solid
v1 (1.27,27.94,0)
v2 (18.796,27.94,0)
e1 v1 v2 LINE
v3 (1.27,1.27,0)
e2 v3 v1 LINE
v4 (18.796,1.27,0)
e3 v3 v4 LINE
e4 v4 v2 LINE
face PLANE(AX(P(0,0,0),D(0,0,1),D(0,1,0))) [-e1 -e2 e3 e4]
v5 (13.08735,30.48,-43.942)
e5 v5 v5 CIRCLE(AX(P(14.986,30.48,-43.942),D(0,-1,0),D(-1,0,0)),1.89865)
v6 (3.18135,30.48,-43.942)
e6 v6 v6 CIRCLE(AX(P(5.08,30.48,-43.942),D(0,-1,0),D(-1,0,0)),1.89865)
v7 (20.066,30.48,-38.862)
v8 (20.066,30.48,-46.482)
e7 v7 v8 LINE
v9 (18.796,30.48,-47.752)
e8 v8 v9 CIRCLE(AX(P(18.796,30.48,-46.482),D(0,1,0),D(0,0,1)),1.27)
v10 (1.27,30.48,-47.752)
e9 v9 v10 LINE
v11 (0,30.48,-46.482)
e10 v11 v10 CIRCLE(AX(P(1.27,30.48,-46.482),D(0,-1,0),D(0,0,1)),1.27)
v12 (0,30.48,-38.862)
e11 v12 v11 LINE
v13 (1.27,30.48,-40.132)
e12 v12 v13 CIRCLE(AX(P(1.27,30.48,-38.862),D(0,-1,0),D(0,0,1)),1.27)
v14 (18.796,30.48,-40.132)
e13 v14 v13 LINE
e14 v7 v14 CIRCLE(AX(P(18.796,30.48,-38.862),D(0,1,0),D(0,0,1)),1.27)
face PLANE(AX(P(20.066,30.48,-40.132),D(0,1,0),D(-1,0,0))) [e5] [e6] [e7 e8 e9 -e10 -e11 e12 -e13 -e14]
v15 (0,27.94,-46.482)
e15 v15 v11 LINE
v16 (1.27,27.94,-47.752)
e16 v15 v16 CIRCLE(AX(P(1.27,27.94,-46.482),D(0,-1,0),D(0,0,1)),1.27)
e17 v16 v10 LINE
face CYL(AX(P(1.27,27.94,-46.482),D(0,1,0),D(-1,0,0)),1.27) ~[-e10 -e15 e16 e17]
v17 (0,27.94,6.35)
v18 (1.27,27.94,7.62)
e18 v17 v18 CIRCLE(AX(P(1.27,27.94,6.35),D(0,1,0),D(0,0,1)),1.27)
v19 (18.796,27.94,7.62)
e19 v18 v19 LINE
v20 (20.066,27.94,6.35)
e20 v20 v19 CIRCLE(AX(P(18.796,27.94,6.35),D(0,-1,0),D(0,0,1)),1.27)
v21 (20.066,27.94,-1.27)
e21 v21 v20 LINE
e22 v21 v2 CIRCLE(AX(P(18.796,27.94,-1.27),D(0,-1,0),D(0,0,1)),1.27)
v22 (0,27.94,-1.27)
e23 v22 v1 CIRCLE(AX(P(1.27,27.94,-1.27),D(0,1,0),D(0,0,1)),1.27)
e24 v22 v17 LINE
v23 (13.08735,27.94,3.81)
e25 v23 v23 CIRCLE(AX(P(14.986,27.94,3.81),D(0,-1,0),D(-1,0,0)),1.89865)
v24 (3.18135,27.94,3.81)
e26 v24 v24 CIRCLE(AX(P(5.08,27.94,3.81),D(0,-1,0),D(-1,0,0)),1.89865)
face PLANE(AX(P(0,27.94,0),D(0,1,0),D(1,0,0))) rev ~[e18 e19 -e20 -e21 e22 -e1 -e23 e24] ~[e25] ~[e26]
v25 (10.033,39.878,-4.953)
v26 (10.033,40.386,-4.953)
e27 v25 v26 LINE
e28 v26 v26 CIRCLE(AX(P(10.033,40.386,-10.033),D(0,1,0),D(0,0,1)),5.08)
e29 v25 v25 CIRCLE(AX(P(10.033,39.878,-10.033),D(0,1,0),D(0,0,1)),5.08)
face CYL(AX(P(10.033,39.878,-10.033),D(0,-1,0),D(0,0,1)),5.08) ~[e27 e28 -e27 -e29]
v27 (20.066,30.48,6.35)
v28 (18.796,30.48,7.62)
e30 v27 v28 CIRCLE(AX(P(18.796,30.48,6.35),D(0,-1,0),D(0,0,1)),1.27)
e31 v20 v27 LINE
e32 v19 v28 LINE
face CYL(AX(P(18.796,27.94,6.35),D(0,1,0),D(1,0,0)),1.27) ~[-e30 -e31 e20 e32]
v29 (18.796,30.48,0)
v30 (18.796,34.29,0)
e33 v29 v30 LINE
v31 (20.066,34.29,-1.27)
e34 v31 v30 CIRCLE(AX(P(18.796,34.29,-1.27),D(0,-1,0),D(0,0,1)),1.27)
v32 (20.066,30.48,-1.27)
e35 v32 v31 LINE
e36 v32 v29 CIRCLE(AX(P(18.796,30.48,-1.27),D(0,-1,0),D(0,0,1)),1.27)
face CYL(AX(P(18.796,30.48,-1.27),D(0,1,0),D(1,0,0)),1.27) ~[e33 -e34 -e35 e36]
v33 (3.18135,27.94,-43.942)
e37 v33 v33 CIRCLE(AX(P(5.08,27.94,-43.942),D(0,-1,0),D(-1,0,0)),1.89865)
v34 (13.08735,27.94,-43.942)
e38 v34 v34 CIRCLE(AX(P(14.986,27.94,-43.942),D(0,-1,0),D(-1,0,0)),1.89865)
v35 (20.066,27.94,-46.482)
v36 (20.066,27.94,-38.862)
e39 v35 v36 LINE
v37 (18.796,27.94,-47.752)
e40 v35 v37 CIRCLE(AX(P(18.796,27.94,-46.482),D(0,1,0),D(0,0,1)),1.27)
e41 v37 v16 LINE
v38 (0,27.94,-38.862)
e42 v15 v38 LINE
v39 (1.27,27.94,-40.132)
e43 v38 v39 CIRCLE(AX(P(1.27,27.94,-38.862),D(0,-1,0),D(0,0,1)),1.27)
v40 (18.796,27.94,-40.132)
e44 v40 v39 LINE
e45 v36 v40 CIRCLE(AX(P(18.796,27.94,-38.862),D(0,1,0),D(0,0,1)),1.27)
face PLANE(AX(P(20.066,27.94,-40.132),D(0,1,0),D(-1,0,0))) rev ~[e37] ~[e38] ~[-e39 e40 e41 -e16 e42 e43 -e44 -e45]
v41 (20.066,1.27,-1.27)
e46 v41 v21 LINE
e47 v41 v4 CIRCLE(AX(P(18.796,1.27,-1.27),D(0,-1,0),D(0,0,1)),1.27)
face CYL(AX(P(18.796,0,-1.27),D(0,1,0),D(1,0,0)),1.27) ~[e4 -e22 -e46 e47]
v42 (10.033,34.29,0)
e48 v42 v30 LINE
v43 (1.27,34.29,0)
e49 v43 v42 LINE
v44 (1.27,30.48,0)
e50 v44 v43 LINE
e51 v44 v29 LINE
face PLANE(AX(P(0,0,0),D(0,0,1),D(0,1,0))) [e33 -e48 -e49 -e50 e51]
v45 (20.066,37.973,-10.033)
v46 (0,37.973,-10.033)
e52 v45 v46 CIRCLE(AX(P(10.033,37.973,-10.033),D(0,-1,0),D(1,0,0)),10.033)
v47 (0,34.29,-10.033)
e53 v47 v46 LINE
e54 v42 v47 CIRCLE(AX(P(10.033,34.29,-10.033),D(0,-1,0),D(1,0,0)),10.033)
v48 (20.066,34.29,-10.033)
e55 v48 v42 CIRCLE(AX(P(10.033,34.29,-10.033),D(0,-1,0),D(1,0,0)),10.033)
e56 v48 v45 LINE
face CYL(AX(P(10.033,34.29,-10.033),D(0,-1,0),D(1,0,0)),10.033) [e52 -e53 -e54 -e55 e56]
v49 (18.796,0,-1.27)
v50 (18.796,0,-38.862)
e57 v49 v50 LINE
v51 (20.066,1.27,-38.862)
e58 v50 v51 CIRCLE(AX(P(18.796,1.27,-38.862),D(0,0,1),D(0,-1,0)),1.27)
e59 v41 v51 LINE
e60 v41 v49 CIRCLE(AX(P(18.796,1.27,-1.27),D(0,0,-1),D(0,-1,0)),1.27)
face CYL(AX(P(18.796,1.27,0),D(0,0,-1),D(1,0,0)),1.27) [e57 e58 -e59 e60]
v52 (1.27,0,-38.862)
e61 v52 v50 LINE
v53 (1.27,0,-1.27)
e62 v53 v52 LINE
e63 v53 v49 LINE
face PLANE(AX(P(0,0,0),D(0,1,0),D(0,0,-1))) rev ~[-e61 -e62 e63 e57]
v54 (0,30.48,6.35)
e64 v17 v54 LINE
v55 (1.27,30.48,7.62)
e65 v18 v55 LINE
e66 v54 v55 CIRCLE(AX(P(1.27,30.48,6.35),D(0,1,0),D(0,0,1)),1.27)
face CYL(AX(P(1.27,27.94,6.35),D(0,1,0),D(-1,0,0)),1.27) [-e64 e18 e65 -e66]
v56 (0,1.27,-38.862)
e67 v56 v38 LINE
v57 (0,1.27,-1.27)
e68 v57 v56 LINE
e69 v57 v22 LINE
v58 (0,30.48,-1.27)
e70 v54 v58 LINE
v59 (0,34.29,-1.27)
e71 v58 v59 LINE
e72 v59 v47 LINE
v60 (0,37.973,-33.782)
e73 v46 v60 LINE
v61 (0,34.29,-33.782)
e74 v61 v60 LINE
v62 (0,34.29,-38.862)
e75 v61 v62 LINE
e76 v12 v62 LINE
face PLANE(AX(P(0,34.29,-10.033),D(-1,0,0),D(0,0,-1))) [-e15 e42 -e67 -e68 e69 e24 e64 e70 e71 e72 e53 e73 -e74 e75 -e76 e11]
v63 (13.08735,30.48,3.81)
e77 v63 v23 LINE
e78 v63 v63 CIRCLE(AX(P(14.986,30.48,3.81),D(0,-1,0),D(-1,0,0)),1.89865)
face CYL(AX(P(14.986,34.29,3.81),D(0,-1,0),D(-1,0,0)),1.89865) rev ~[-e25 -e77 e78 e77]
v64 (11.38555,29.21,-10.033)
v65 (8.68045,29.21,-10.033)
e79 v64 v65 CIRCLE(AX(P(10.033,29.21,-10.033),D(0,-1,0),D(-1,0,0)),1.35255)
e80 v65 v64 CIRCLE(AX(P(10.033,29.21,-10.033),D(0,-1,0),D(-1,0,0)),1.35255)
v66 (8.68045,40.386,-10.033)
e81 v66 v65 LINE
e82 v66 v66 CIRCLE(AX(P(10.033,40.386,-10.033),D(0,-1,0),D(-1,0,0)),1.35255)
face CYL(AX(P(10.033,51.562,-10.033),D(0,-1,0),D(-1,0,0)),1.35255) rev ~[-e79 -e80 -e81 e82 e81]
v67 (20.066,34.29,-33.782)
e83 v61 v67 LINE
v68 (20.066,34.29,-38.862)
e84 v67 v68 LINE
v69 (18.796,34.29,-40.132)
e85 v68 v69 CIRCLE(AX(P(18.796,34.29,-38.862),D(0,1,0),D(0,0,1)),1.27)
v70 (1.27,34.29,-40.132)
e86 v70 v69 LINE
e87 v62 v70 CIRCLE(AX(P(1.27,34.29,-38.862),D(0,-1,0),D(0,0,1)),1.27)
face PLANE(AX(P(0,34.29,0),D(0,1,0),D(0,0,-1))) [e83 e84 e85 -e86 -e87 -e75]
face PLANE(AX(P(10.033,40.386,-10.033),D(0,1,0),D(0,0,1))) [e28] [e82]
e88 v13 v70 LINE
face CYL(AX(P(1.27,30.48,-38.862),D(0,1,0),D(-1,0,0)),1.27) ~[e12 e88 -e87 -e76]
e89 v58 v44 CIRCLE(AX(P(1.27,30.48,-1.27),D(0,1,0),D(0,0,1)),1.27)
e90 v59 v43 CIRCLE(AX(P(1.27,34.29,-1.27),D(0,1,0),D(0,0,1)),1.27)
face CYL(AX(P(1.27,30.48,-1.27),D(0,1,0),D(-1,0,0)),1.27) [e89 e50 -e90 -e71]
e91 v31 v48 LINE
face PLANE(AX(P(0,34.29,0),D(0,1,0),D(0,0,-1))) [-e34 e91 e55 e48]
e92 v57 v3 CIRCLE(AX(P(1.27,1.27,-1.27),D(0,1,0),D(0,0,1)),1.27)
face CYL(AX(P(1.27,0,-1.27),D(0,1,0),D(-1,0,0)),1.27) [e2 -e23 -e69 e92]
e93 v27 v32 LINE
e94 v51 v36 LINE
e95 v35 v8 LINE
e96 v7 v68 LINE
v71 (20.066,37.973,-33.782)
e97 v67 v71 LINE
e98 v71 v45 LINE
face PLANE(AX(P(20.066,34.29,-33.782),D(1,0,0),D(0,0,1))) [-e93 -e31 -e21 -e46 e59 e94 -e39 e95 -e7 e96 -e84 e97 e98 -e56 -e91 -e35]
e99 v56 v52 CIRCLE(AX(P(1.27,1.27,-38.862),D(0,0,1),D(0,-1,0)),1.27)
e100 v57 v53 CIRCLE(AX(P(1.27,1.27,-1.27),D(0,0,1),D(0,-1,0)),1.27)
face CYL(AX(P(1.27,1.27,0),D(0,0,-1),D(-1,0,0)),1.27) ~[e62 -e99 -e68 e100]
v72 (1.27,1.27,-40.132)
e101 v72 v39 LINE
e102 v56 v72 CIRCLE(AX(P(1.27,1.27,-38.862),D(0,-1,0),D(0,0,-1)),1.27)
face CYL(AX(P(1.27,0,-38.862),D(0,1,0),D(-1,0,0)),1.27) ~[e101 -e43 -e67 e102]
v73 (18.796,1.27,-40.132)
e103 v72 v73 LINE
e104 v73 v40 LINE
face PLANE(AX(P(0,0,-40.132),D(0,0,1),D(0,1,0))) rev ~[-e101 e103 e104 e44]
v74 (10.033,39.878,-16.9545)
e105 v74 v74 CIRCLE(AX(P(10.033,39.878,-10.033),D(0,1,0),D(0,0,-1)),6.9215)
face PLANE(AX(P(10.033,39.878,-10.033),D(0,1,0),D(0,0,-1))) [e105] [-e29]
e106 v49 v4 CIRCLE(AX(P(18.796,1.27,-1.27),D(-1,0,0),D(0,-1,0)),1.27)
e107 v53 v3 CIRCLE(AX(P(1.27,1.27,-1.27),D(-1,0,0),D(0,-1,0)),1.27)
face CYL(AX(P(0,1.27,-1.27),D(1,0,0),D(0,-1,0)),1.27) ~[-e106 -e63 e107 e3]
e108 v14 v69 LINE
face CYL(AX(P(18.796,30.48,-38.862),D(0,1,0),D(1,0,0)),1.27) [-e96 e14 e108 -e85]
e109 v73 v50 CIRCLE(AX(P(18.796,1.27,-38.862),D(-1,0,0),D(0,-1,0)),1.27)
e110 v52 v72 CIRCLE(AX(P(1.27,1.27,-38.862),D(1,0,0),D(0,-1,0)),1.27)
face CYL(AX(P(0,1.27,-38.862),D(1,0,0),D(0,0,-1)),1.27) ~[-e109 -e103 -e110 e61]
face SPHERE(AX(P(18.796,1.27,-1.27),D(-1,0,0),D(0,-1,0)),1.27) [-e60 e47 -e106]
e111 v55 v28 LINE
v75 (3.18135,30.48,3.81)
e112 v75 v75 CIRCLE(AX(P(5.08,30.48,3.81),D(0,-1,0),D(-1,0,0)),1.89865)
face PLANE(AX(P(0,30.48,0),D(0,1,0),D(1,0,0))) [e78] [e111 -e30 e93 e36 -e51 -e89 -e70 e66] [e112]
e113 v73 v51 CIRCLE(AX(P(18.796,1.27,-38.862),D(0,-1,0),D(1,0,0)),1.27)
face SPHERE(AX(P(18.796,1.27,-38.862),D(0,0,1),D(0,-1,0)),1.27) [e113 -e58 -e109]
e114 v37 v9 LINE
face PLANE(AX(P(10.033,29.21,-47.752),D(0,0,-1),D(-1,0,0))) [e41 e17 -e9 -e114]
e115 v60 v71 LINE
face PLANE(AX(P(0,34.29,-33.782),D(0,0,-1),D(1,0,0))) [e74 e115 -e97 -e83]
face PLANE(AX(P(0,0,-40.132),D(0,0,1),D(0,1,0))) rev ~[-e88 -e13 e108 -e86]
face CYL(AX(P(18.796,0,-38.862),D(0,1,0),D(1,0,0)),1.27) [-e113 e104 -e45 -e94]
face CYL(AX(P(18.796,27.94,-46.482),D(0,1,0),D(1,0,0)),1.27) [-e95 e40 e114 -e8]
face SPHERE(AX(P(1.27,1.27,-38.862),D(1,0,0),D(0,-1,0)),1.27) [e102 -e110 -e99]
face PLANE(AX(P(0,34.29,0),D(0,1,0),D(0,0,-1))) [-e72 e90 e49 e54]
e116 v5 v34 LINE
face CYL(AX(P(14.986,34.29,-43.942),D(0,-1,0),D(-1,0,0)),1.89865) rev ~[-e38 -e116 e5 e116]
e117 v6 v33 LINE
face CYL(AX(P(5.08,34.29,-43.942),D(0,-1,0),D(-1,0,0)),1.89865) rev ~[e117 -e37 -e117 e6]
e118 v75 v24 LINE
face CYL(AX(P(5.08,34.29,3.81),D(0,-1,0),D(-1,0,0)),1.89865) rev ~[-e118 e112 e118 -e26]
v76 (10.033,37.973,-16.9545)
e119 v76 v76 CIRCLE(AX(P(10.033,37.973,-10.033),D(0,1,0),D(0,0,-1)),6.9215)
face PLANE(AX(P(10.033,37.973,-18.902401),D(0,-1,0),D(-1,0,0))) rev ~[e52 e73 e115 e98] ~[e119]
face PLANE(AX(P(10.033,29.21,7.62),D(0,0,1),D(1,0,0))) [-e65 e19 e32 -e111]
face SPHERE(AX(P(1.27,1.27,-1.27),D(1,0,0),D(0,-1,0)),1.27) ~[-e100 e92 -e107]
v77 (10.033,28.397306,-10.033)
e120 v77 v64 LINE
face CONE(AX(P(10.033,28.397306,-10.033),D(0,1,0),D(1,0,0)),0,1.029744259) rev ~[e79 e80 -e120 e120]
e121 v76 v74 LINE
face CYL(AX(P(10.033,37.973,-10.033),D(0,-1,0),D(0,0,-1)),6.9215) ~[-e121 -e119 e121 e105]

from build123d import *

# Parameters (mm, degrees)
SKETCH1_W                 = 40.132
SKETCH1_H                 = 34.29
BOSS_EXTRUDE1_DEPTH       = 20.066
BOSS_EXTRUDE2_DEPTH       = 3.683
SKETCH3_R                 = 6.9215
BOSS_EXTRUDE3_DEPTH       = 1.905
SKETCH4_R                 = 5.08
BOSS_EXTRUDE4_DEPTH       = 0.508
F_6_32_TAPPED_HOLE1_D     = 2.7051
F_6_32_TAPPED_HOLE1_DEPTH = 11.176
F_6_32_TAPPED_HOLE1_TIP   = 0.81269403
SKETCH8_W                 = 20.066
SKETCH8_H                 = 2.54
BOSS_EXTRUDE5_DEPTH       = 7.62
SKETCH9_W                 = 20.066
SKETCH9_H                 = 2.54
BOSS_EXTRUDE6_DEPTH       = 7.62
F_6_CLEARANCE_HOLE1_D     = 3.7973
F_6_CLEARANCE_HOLE1_DEPTH = 3.81
F_6_CLEARANCE_HOLE1_TIP   = 1.140824014
FILLET1_R                 = 1.27


with BuildPart() as part:
    # Sketch1 → Boss-Extrude1 (new body)
    with BuildSketch(Plane(origin=(0, 0, 0), x_dir=(0, 0, -1), z_dir=(1, 0, 0))):
        with Locations((20.066, 17.145)):
            Rectangle(SKETCH1_W, SKETCH1_H)
    extrude(amount=BOSS_EXTRUDE1_DEPTH)

    # Sketch2 → Boss-Extrude2 (add)
    with BuildSketch(Plane(origin=(0, 34.29, 0), x_dir=(1, 0, 0), z_dir=(0, 1, 0))):
        with BuildLine():
            Line((0, 33.782), (20.066, 33.782))
            Line((20.066, 33.782), (20.066, 10.033))
            ThreePointArc((20.066, 10.033), (10.033, 0), (0, 10.033))
            Line((0, 10.033), (0, 33.782))
        make_face()
    extrude(amount=BOSS_EXTRUDE2_DEPTH)

    # Sketch3 → Boss-Extrude3 (add)
    with BuildSketch(Plane(origin=(0, 37.973, 0), x_dir=(1, 0, 0), z_dir=(0, 1, 0))):
        with Locations(Location((10.033, 10.033, 0), (0, 0, 90))):
            Circle(SKETCH3_R)
    extrude(amount=BOSS_EXTRUDE3_DEPTH)

    # Sketch4 → Boss-Extrude4 (add)
    with BuildSketch(Plane(origin=(0, 39.878, 0), x_dir=(1, 0, 0), z_dir=(0, 1, 0))):
        with Locations(Location((10.033, 10.033, 0), (0, 0, 270))):
            Circle(SKETCH4_R)
    extrude(amount=BOSS_EXTRUDE4_DEPTH)

    # #6-32 Tapped Hole1
    with Locations(Plane(origin=(0, 40.386, 0), x_dir=(1, 0, 0), z_dir=(0, 1, 0))):
        with Locations((10.033, 10.033)):
            Hole(F_6_32_TAPPED_HOLE1_D / 2, depth=F_6_32_TAPPED_HOLE1_DEPTH)
            with Locations((0, 0, -(F_6_32_TAPPED_HOLE1_DEPTH + F_6_32_TAPPED_HOLE1_TIP / 2))):  # 118° drill point
                Cone(0, F_6_32_TAPPED_HOLE1_D / 2, F_6_32_TAPPED_HOLE1_TIP, mode=Mode.SUBTRACT)

    # Sketch8 → Boss-Extrude5 (add)
    with BuildSketch(Plane.XY):
        with Locations((10.033, 29.21)):
            Rectangle(SKETCH8_W, SKETCH8_H)
    extrude(amount=BOSS_EXTRUDE5_DEPTH)

    # Sketch9 → Boss-Extrude6 (add)
    with BuildSketch(Plane(origin=(0, 0, -40.132), x_dir=(-1, 0, 0), z_dir=(0, 0, -1))):
        with Locations((-10.033, 29.21)):
            Rectangle(SKETCH9_W, SKETCH9_H)
    extrude(amount=BOSS_EXTRUDE6_DEPTH)

    # #6 Clearance Hole1
    with Locations(Plane(origin=(0, 30.48, 0), x_dir=(1, 0, 0), z_dir=(0, 1, 0))):
        with Locations((14.986, -3.81), (5.08, -3.81), (5.08, 43.942), (14.986, 43.942)):
            Hole(F_6_CLEARANCE_HOLE1_D / 2, depth=F_6_CLEARANCE_HOLE1_DEPTH)
            with Locations((0, 0, -(F_6_CLEARANCE_HOLE1_DEPTH + F_6_CLEARANCE_HOLE1_TIP / 2))):  # 118° drill point
                Cone(0, F_6_CLEARANCE_HOLE1_D / 2, F_6_CLEARANCE_HOLE1_TIP, mode=Mode.SUBTRACT)

    # Fillet1
    fillet1_edges = [part.edges().sort_by_distance(p)[0] for p in [
        (10.033, 0, 0),
        (20.066, 0, -20.066),
        (10.033, 0, -40.132),
        (0, 0, -20.066),
        (0, 32.385, -40.132),
        (0, 13.97, -40.132),
        (20.066, 13.97, -40.132),
        (20.066, 32.385, -40.132),
        (20.066, 32.385, 0),
        (20.066, 13.97, 0),
        (0, 32.385, 0),
        (0, 13.97, 0),
        (20.066, 29.21, -47.752),
        (0, 29.21, -47.752),
        (20.066, 29.21, 7.62),
        (0, 29.21, 7.62),
    ]]
    fillet(fillet1_edges, radius=FILLET1_R)


solid = part.part
